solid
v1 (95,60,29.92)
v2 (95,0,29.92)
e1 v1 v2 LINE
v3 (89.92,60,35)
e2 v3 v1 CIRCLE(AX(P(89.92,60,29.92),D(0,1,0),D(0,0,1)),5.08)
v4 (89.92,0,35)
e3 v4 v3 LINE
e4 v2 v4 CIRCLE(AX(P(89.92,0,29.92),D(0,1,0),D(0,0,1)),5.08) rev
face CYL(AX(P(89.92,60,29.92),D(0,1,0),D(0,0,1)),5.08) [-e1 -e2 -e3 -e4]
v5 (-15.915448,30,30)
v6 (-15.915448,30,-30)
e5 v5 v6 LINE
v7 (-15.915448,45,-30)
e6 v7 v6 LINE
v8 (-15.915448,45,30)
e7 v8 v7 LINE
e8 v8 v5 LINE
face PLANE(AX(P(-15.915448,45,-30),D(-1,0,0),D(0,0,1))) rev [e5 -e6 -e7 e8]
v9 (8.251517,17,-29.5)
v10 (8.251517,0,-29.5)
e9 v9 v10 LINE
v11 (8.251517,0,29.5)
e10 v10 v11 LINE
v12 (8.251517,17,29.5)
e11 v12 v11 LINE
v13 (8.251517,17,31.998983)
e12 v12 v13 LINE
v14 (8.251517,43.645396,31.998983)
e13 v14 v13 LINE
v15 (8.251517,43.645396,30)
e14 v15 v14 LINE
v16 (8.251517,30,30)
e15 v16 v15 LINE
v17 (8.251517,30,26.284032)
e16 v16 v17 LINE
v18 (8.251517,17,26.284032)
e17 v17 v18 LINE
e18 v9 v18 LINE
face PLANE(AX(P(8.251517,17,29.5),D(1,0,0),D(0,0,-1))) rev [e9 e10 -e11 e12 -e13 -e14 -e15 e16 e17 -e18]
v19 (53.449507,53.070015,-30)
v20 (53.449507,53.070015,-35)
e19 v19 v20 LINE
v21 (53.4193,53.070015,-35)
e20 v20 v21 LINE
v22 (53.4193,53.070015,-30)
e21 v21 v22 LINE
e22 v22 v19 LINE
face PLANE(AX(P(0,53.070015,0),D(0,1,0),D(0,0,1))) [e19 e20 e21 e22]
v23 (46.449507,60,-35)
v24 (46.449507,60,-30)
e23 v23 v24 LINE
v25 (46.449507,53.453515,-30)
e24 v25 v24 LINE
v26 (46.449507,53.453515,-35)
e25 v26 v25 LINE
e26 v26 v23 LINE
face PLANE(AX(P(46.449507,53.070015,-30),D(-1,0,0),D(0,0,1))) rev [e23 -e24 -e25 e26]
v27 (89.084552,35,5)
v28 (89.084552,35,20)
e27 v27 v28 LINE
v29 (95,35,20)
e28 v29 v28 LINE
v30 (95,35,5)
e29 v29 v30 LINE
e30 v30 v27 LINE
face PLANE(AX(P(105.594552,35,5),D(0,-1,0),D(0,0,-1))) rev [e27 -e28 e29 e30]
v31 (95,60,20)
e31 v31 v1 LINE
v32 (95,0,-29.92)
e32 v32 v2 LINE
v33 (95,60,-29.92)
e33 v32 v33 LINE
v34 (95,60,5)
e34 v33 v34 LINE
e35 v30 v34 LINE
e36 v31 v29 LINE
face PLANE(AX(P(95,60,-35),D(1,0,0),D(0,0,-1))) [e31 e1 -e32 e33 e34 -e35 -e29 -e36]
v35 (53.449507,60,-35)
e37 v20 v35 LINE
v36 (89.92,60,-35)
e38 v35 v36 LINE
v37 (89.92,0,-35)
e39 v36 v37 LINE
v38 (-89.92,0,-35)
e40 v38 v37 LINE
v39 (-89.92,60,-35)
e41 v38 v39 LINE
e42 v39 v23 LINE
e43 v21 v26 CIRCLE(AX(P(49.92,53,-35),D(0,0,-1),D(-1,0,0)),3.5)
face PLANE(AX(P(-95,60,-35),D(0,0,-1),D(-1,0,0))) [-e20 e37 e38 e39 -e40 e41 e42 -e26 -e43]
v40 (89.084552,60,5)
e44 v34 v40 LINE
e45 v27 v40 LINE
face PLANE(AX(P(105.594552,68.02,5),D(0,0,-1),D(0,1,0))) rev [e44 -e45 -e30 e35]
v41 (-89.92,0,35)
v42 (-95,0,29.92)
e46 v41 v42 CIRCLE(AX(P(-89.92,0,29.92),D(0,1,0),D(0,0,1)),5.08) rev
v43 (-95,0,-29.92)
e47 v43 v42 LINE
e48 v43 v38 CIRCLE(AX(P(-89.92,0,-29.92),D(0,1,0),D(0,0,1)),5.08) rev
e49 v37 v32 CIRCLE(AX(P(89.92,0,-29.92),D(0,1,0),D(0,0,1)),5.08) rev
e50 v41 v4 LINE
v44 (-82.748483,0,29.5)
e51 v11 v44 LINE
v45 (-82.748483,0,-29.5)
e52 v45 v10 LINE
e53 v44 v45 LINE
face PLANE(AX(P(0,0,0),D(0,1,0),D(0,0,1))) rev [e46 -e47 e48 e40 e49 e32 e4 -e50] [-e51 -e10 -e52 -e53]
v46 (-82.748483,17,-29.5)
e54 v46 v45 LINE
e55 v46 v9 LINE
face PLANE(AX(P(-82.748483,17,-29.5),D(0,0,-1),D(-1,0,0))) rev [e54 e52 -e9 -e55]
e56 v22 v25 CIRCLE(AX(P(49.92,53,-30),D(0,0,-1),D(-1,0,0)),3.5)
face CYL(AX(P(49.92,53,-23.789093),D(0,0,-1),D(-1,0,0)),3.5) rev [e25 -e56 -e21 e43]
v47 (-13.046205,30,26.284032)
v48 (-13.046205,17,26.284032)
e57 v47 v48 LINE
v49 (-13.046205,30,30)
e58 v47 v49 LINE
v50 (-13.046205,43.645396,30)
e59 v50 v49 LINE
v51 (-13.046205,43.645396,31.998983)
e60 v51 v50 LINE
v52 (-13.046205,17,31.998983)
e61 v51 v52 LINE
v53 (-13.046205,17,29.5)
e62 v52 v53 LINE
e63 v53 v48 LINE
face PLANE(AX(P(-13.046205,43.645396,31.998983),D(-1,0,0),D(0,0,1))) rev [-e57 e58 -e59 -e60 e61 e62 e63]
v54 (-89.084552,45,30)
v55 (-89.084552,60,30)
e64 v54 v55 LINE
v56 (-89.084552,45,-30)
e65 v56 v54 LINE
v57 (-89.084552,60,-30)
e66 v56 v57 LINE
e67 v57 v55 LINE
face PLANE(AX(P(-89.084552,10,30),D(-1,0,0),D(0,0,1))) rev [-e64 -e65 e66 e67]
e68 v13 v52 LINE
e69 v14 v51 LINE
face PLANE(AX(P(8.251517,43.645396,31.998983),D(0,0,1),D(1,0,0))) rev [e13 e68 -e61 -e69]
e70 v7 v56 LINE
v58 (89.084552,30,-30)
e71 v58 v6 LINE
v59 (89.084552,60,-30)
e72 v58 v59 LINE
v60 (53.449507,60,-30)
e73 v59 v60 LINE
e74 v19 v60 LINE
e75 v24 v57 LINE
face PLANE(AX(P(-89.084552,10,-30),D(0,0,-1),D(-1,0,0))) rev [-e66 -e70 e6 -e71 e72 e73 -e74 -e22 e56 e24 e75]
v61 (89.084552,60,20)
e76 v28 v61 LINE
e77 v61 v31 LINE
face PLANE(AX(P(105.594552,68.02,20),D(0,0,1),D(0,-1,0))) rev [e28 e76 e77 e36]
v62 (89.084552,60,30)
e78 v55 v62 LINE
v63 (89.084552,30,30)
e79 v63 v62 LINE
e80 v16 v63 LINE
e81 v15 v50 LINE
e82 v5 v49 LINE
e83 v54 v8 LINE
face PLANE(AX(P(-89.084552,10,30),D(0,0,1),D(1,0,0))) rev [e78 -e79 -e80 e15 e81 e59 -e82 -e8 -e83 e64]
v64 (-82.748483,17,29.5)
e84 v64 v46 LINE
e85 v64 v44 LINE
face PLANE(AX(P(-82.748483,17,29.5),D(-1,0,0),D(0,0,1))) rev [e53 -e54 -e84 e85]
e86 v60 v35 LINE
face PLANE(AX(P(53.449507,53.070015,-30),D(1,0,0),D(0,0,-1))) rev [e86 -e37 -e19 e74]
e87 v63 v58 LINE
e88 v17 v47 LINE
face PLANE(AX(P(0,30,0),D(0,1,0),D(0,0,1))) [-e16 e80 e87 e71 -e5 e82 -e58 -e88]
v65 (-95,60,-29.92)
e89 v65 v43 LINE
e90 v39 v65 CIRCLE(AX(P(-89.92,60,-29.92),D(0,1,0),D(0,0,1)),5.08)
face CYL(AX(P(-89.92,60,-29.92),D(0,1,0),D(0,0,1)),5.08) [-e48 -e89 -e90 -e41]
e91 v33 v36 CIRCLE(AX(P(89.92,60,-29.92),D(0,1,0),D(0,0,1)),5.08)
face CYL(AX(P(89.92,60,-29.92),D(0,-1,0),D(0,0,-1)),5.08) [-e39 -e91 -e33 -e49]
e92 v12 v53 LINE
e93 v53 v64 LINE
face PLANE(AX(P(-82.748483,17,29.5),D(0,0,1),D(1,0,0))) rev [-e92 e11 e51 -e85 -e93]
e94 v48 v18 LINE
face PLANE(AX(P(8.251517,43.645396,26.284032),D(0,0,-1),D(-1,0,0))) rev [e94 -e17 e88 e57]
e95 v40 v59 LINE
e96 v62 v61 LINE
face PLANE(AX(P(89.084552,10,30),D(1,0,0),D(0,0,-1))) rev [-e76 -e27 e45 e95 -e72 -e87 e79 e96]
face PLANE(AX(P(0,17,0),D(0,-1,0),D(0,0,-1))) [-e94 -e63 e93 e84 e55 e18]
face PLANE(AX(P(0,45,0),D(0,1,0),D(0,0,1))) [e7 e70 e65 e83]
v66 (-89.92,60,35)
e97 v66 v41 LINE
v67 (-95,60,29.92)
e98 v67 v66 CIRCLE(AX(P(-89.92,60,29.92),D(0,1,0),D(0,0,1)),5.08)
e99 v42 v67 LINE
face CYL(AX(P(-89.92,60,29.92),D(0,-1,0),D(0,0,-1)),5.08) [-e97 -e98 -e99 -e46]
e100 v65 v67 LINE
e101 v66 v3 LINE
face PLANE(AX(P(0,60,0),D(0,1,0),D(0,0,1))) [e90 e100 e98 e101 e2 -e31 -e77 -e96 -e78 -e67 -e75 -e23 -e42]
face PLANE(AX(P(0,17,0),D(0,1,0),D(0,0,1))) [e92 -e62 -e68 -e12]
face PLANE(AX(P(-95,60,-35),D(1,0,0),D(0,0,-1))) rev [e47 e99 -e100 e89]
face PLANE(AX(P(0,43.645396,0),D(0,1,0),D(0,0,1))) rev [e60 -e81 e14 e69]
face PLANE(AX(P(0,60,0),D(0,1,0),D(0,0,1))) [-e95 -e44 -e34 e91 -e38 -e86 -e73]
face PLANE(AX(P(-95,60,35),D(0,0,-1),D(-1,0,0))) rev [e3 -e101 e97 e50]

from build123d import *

# Parameters (mm, degrees)
SKETCH1_W           = 190
SKETCH1_H           = 70
BOSS_EXTRUDE1_DEPTH = 60
SKETCH2_W           = 178.169104448
SKETCH2_H           = 60
CUT_EXTRUDE1_DEPTH  = 50
FILLET2_R           = 5.08
SKETCH5_R           = 3.5
CUT_EXTRUDE3_DEPTH  = 11.210906631
SKETCH6_W           = 179.69669377
SKETCH6_H           = 60
BOSS_EXTRUDE3_DEPTH = 20
SKETCH7_W           = 15
SKETCH7_H           = 33.02
CUT_EXTRUDE4_DEPTH  = 16.51
SKETCH9_W           = 7
SKETCH9_H           = 5
CUT_EXTRUDE5_DEPTH  = 6.929984537
SKETCH11_W          = 91
SKETCH11_H          = 59
CUT_EXTRUDE6_DEPTH  = 17
SKETCH13_W          = 21.297722751
SKETCH13_H          = 5.714951011
CUT_EXTRUDE7_DEPTH  = 26.645395744
SKETCH16_W          = 73.169104448
SKETCH16_H          = 60
BOSS_EXTRUDE9_DEPTH = 15


with BuildPart() as part:
    # Sketch1 → Boss-Extrude1 (new body)
    with BuildSketch(Plane(origin=(0, 0, 0), x_dir=(1, 0, 0), z_dir=(0, 1, 0))):
        Rectangle(SKETCH1_W, SKETCH1_H)
    extrude(amount=BOSS_EXTRUDE1_DEPTH)

    # Sketch2 → Cut-Extrude1 (cut)
    with BuildSketch(Plane(origin=(0, 60, 0), x_dir=(1, 0, 0), z_dir=(0, 1, 0))):
        Rectangle(SKETCH2_W, SKETCH2_H)
    extrude(amount=-CUT_EXTRUDE1_DEPTH, mode=Mode.SUBTRACT)

    # Fillet2
    fillet2_edges = [part.edges().sort_by_distance(p)[0] for p in [
        (-95, 30, -35),
        (95, 30, -35),
        (95, 30, 35),
        (-95, 30, 35),
    ]]
    fillet(fillet2_edges, radius=FILLET2_R)

    # Sketch5 → Cut-Extrude3 (cut)
    with BuildSketch(Plane(origin=(0, 0, -35), x_dir=(-1, 0, 0), z_dir=(0, 0, -1))):
        with Locations((-49.92, 53)):
            Circle(SKETCH5_R)
    extrude(amount=-CUT_EXTRUDE3_DEPTH, mode=Mode.SUBTRACT)

    # Sketch6 → Boss-Extrude3 (add)
    with BuildSketch(Plane(origin=(0, 10, 0), x_dir=(1, 0, 0), z_dir=(0, 1, 0))):
        with Locations((-0.763794661, 0)):
            Rectangle(SKETCH6_W, SKETCH6_H)
    extrude(amount=BOSS_EXTRUDE3_DEPTH)

    # Sketch7 → Cut-Extrude4 (cut)
    with BuildSketch(Plane.ZY.offset(-89.084552224)):
        with Locations((12.5, 51.51)):
            Rectangle(SKETCH7_W, SKETCH7_H)
    extrude(amount=-CUT_EXTRUDE4_DEPTH, mode=Mode.SUBTRACT)

    # Sketch9 → Cut-Extrude5 (cut)
    with BuildSketch(Plane(origin=(4.741106384, 60, 0), x_dir=(1, 0, 0), z_dir=(0, 1, 0))):
        with Locations((45.208400252, 32.5)):
            Rectangle(SKETCH9_W, SKETCH9_H)
    extrude(amount=-CUT_EXTRUDE5_DEPTH, mode=Mode.SUBTRACT)

    # Sketch11 → Cut-Extrude6 (cut)
    with BuildSketch(Plane.XZ):
        with Locations((-37.248482646, 0)):
            Rectangle(SKETCH11_W, SKETCH11_H)
    extrude(amount=-CUT_EXTRUDE6_DEPTH, mode=Mode.SUBTRACT)

    # Sketch13 → Cut-Extrude7 (cut)
    with BuildSketch(Plane.XZ.offset(-17)):
        with Locations((-2.397344022, 29.141507707)):
            Rectangle(SKETCH13_W, SKETCH13_H)
    extrude(amount=-CUT_EXTRUDE7_DEPTH, mode=Mode.SUBTRACT)

    # Sketch16 → Boss-Extrude9 (add)
    with BuildSketch(Plane(origin=(0, 30, 0), x_dir=(1, 0, 0), z_dir=(0, 1, 0))):
        with Locations((-52.5, 0)):
            Rectangle(SKETCH16_W, SKETCH16_H)
    extrude(amount=BOSS_EXTRUDE9_DEPTH)


solid = part.part
